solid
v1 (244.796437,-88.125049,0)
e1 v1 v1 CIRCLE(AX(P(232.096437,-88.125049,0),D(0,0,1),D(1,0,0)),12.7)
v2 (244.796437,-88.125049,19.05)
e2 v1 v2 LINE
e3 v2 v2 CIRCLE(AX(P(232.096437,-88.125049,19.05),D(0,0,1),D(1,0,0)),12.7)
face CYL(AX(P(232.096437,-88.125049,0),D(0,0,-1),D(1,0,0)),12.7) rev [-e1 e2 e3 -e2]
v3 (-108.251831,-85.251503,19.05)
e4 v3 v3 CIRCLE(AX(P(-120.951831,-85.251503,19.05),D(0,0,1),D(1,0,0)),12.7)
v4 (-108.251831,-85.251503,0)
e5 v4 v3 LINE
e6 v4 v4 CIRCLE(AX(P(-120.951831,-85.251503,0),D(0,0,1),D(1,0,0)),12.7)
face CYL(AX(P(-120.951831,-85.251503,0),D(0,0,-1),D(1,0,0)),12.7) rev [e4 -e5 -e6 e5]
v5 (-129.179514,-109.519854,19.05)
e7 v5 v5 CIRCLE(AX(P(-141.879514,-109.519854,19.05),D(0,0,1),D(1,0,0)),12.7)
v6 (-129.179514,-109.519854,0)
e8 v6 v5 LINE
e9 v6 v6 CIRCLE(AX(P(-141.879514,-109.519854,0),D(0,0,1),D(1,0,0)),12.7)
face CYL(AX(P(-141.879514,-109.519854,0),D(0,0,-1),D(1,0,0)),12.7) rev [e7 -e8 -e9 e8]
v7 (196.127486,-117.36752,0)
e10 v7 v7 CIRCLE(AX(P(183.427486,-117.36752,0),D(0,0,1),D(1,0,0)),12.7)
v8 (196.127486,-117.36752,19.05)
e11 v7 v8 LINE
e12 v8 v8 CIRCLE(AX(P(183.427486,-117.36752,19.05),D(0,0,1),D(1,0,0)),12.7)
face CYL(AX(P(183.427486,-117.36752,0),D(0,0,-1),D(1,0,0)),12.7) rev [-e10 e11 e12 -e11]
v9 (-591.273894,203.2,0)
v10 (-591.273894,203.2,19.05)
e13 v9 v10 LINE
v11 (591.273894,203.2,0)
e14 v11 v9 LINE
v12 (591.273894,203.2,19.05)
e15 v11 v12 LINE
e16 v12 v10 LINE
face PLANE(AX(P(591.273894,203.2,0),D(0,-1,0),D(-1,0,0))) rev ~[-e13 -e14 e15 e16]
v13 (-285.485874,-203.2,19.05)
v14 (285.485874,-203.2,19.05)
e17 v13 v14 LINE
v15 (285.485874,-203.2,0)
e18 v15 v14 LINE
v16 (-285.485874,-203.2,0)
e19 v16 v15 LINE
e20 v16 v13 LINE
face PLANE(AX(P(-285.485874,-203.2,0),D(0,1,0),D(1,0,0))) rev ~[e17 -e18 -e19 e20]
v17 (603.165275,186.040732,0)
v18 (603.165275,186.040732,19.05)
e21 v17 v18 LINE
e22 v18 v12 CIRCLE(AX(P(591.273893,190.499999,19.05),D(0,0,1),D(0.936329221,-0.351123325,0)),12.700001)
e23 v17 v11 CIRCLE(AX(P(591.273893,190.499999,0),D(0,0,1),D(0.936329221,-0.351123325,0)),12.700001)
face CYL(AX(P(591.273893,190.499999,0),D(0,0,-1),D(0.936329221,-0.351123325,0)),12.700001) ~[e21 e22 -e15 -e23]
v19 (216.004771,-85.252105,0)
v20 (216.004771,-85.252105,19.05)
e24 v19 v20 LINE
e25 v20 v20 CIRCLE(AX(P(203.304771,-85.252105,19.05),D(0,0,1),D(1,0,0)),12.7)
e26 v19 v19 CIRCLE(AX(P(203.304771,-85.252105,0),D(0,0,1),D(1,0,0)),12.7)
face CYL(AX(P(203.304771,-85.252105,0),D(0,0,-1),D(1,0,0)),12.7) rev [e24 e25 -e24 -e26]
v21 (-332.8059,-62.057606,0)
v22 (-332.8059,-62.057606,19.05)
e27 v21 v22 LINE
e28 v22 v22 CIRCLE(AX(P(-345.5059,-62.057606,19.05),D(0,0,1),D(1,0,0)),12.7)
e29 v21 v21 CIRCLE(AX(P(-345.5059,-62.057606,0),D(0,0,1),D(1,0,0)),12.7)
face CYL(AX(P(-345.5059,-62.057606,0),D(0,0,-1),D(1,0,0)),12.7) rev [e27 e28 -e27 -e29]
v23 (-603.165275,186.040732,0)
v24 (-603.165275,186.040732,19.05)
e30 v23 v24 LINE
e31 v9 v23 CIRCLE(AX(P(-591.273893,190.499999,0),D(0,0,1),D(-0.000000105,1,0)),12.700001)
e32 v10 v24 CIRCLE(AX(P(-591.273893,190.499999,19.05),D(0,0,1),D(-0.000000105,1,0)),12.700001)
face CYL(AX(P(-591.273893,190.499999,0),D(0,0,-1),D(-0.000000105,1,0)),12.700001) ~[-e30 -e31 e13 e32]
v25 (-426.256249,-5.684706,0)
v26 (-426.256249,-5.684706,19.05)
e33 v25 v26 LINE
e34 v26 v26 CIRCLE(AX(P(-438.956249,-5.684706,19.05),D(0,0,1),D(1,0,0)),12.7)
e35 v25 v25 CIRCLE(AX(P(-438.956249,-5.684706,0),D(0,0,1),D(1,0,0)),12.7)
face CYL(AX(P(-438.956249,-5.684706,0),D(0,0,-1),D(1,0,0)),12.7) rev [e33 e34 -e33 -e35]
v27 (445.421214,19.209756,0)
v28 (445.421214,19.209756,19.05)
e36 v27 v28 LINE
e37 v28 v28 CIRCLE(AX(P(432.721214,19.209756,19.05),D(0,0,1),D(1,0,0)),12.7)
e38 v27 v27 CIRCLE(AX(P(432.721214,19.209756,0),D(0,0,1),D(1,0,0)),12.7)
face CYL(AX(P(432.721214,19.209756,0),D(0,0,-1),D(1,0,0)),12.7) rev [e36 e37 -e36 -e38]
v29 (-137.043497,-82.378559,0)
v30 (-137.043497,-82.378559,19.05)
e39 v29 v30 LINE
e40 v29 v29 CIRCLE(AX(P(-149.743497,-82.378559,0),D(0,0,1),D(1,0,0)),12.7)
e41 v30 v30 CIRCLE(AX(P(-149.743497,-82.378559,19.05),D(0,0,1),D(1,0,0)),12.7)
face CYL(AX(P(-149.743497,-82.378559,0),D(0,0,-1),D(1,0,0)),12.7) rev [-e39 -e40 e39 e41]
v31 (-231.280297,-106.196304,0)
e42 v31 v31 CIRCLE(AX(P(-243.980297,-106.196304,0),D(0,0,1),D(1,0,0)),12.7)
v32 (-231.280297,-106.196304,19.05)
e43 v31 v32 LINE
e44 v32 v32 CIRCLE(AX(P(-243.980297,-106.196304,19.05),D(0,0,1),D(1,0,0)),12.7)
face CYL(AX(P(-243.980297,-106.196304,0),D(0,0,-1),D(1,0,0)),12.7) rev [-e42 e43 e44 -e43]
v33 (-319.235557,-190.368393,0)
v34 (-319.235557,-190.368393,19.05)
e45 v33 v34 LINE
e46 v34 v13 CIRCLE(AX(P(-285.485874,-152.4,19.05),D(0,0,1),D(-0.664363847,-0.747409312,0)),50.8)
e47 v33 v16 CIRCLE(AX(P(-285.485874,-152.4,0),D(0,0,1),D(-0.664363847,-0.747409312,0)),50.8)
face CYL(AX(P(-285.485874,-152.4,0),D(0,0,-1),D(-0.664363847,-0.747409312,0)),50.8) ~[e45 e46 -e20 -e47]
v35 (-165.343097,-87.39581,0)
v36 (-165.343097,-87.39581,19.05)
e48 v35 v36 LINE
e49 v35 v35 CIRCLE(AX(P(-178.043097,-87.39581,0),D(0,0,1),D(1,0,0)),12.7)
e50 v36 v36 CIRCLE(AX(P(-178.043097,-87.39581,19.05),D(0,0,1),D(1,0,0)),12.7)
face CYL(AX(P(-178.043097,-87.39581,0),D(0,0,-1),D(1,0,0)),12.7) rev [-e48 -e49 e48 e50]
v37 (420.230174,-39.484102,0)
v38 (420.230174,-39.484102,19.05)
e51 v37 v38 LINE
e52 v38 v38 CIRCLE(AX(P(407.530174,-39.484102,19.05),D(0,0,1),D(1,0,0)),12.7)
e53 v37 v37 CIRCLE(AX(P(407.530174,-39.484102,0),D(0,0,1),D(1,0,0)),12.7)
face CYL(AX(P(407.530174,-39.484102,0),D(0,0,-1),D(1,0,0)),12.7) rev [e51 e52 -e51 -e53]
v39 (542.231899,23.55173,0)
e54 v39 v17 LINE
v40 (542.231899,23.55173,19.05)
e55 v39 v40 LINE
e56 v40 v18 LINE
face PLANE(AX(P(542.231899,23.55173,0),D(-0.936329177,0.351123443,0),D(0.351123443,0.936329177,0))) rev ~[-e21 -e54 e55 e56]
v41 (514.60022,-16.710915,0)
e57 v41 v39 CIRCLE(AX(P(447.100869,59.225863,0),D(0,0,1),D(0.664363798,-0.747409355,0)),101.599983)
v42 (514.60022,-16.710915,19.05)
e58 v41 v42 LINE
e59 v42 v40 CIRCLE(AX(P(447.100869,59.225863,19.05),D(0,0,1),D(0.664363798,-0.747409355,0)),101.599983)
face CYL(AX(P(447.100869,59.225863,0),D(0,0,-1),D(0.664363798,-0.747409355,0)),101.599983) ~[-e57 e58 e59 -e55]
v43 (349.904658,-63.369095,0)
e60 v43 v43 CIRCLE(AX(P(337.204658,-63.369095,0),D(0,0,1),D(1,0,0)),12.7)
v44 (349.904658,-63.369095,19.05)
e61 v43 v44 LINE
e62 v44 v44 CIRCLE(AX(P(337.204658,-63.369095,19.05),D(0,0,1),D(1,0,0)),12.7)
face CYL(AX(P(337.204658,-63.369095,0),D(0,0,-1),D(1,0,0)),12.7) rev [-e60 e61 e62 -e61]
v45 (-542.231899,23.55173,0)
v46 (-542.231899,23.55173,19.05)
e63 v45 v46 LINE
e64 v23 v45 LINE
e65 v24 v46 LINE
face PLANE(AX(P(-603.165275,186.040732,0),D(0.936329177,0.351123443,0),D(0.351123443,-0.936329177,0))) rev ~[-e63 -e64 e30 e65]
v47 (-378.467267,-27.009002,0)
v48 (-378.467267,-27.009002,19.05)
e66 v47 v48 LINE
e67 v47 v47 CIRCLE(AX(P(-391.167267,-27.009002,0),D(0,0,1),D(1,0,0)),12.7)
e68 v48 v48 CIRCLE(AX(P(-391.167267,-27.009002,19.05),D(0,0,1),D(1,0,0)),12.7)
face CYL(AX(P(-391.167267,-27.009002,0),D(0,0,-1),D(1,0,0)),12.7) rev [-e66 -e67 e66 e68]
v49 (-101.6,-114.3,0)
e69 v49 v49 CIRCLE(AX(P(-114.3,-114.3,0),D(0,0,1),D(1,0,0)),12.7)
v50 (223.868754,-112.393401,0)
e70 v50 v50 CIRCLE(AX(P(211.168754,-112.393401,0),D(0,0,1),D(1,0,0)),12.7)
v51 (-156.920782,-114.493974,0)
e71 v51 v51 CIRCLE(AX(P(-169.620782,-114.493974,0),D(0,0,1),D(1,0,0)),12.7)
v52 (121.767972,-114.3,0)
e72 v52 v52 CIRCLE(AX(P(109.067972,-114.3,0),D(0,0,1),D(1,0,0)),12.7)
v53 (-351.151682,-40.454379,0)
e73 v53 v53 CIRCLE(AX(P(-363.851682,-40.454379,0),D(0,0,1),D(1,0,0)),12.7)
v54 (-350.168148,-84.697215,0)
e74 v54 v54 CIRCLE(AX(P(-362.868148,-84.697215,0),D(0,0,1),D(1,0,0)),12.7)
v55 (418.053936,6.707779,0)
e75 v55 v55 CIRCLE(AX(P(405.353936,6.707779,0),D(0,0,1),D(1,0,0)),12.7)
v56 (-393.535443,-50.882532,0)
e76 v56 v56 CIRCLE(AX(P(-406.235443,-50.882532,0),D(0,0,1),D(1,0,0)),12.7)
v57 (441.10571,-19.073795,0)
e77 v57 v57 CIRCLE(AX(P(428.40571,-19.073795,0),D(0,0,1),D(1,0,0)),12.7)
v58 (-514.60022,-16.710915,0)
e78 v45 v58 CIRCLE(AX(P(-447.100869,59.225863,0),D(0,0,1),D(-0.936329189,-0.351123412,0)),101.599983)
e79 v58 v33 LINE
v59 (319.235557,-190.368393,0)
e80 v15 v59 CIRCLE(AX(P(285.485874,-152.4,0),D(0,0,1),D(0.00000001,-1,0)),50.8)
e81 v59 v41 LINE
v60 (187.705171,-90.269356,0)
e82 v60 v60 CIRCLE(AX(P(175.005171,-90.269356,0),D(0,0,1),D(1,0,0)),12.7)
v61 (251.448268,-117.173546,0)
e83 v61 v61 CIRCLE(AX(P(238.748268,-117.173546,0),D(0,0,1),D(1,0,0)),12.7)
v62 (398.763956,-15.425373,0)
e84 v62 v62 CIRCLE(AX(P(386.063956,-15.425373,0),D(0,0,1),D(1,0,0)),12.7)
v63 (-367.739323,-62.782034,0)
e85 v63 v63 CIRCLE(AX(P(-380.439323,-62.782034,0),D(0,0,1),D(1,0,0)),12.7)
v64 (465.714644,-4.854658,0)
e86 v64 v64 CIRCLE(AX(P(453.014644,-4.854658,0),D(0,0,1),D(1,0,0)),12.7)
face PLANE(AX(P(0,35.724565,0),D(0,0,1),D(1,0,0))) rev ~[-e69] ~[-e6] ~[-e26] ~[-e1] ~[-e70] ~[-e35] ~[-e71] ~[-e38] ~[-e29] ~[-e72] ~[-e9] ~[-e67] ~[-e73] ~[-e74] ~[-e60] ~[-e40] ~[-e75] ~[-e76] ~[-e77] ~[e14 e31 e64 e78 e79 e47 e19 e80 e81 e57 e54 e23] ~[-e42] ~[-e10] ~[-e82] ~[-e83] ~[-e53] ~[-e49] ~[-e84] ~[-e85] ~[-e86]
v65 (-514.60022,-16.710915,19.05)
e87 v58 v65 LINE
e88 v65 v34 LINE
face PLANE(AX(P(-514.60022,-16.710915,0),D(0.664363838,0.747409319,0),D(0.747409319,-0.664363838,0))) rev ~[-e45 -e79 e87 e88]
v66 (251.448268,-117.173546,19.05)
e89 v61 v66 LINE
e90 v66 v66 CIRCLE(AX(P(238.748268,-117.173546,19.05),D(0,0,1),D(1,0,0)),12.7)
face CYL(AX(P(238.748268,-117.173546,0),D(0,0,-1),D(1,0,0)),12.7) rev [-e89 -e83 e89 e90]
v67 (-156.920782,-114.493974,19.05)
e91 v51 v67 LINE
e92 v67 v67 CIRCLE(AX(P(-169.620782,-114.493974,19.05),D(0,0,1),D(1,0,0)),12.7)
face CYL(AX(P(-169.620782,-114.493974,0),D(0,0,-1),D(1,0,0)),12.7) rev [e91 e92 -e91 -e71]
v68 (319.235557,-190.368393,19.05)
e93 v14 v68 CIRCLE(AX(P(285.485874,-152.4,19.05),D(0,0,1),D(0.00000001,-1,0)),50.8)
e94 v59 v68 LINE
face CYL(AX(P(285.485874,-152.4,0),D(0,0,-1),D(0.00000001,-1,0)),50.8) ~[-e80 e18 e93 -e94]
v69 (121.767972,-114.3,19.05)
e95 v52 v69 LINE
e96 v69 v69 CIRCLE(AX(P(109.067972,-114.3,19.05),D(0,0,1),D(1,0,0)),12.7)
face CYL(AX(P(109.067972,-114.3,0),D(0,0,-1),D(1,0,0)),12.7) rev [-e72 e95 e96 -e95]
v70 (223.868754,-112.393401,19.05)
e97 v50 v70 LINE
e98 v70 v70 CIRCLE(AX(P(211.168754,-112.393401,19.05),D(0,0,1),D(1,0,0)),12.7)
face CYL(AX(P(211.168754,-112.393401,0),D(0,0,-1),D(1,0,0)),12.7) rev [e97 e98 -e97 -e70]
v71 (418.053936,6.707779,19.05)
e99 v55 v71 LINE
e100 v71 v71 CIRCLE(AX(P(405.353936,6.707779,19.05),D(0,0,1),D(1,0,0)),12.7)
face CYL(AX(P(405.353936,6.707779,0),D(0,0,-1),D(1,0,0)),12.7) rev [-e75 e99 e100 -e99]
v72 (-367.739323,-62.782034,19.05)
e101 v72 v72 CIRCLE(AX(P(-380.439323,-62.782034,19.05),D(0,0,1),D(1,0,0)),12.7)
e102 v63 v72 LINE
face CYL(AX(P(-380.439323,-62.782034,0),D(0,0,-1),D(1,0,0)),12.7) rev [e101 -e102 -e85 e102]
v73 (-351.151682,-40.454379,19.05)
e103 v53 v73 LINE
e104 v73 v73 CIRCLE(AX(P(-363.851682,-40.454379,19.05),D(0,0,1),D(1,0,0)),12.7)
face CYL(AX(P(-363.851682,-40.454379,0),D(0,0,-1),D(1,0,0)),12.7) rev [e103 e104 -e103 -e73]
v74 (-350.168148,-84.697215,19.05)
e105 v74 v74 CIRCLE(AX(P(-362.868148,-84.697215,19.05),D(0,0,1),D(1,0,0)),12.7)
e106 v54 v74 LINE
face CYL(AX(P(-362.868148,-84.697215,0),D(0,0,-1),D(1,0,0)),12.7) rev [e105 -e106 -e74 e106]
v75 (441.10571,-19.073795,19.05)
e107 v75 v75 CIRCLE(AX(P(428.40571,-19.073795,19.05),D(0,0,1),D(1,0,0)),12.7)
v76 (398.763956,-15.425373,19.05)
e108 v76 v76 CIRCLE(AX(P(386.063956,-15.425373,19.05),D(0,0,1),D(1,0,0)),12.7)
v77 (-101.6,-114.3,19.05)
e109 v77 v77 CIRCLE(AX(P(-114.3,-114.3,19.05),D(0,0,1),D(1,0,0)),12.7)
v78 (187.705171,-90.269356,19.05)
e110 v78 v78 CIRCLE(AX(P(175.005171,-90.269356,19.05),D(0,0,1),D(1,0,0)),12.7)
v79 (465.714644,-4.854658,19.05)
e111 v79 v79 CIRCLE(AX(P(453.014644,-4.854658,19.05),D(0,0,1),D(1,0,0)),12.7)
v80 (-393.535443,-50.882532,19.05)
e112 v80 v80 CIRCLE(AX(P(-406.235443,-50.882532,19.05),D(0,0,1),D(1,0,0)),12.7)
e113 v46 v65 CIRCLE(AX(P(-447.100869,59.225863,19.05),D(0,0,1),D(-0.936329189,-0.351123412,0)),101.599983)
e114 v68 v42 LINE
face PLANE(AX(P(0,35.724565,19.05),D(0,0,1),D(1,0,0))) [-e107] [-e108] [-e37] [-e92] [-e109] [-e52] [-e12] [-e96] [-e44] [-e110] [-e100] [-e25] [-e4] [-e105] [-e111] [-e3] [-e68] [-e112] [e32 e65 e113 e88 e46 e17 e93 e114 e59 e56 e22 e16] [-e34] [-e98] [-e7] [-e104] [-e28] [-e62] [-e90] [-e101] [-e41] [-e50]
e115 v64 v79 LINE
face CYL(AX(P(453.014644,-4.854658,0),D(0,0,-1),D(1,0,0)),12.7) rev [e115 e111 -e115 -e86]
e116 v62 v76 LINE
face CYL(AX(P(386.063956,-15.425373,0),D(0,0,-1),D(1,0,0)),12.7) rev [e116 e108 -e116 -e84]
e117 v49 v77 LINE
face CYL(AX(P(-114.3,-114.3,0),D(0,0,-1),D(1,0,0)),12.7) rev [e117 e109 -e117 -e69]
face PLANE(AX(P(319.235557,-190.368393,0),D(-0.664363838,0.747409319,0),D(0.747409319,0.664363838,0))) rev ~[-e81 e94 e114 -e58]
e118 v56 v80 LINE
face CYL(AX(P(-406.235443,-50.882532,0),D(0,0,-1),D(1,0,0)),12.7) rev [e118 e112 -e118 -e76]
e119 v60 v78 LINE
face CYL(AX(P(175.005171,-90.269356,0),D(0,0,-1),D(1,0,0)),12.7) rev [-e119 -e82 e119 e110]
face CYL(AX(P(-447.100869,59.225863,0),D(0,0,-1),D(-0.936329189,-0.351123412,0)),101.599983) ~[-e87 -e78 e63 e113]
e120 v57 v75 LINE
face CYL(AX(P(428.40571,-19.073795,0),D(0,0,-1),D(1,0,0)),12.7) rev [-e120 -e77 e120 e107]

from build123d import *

# Parameters (mm, degrees)
F0_R     = 12.7
F1_DEPTH = 19.05


with BuildPart() as f1:
    # F0 (on Top) → F1 (new body)
    with BuildSketch(Plane.XY):
        with BuildLine():
            ThreePointArc((-319.235557, -190.368393), (-303.539207, -199.883862), (-285.485874, -203.2))
            Line((-285.485874, -203.2), (0, -203.2))
            Line((0, -203.2), (285.485874, -203.2))
            ThreePointArc((285.485874, -203.2), (303.539207, -199.883862), (319.235557, -190.368393))
            Line((319.235557, -190.368393), (514.60022, -16.710915))
            ThreePointArc((514.60022, -16.710915), (530.870973, 1.735635), (542.231899, 23.55173))
            Line((542.231899, 23.55173), (603.165275, 186.040732))
            ThreePointArc((603.165275, 186.040732), (601.712349, 197.733854), (591.273894, 203.2))
            Line((591.273894, 203.2), (0, 203.2))
            Line((0, 203.2), (-591.273894, 203.2))
            ThreePointArc((-591.273894, 203.2), (-601.712349, 197.733854), (-603.165275, 186.040732))
            Line((-603.165275, 186.040732), (-542.231899, 23.55173))
            ThreePointArc((-542.231899, 23.55173), (-530.870973, 1.735635), (-514.60022, -16.710915))
            Line((-514.60022, -16.710915), (-319.235557, -190.368393))
        make_face()
        with Locations((-243.980297, -106.196304)):
            Circle(F0_R, mode=Mode.SUBTRACT)
        with Locations((-169.620782, -114.493974)):
            Circle(F0_R, mode=Mode.SUBTRACT)
        with Locations((-141.879514, -109.519854)):
            Circle(F0_R, mode=Mode.SUBTRACT)
        with Locations((-114.3, -114.3)):
            Circle(F0_R, mode=Mode.SUBTRACT)
        with Locations((-362.868148, -84.697215)):
            Circle(F0_R, mode=Mode.SUBTRACT)
        with Locations((-380.439323, -62.782034)):
            Circle(F0_R, mode=Mode.SUBTRACT)
        with Locations((-406.235443, -50.882532)):
            Circle(F0_R, mode=Mode.SUBTRACT)
        with Locations((-345.5059, -62.057606)):
            Circle(F0_R, mode=Mode.SUBTRACT)
        with Locations((-391.167267, -27.009002)):
            Circle(F0_R, mode=Mode.SUBTRACT)
        with Locations((-363.851682, -40.454379)):
            Circle(F0_R, mode=Mode.SUBTRACT)
        with Locations((-438.956249, -5.684706)):
            Circle(F0_R, mode=Mode.SUBTRACT)
        with Locations((-178.043097, -87.39581)):
            Circle(F0_R, mode=Mode.SUBTRACT)
        with Locations((-120.951831, -85.251503)):
            Circle(F0_R, mode=Mode.SUBTRACT)
        with Locations((-149.743497, -82.378559)):
            Circle(F0_R, mode=Mode.SUBTRACT)
        with Locations((109.067972, -114.3)):
            Circle(F0_R, mode=Mode.SUBTRACT)
        with Locations((183.427486, -117.36752)):
            Circle(F0_R, mode=Mode.SUBTRACT)
        with Locations((211.168754, -112.393401)):
            Circle(F0_R, mode=Mode.SUBTRACT)
        with Locations((238.748268, -117.173546)):
            Circle(F0_R, mode=Mode.SUBTRACT)
        with Locations((175.005171, -90.269356)):
            Circle(F0_R, mode=Mode.SUBTRACT)
        with Locations((203.304771, -85.252105)):
            Circle(F0_R, mode=Mode.SUBTRACT)
        with Locations((232.096437, -88.125049)):
            Circle(F0_R, mode=Mode.SUBTRACT)
        with Locations((337.204658, -63.369095)):
            Circle(F0_R, mode=Mode.SUBTRACT)
        with Locations((407.530174, -39.484102)):
            Circle(F0_R, mode=Mode.SUBTRACT)
        with Locations((386.063956, -15.425373)):
            Circle(F0_R, mode=Mode.SUBTRACT)
        with Locations((428.40571, -19.073795)):
            Circle(F0_R, mode=Mode.SUBTRACT)
        with Locations((453.014644, -4.854658)):
            Circle(F0_R, mode=Mode.SUBTRACT)
        with Locations((405.353936, 6.707779)):
            Circle(F0_R, mode=Mode.SUBTRACT)
        with Locations((432.721214, 19.209756)):
            Circle(F0_R, mode=Mode.SUBTRACT)
    extrude(amount=F1_DEPTH)


solid = f1.part
